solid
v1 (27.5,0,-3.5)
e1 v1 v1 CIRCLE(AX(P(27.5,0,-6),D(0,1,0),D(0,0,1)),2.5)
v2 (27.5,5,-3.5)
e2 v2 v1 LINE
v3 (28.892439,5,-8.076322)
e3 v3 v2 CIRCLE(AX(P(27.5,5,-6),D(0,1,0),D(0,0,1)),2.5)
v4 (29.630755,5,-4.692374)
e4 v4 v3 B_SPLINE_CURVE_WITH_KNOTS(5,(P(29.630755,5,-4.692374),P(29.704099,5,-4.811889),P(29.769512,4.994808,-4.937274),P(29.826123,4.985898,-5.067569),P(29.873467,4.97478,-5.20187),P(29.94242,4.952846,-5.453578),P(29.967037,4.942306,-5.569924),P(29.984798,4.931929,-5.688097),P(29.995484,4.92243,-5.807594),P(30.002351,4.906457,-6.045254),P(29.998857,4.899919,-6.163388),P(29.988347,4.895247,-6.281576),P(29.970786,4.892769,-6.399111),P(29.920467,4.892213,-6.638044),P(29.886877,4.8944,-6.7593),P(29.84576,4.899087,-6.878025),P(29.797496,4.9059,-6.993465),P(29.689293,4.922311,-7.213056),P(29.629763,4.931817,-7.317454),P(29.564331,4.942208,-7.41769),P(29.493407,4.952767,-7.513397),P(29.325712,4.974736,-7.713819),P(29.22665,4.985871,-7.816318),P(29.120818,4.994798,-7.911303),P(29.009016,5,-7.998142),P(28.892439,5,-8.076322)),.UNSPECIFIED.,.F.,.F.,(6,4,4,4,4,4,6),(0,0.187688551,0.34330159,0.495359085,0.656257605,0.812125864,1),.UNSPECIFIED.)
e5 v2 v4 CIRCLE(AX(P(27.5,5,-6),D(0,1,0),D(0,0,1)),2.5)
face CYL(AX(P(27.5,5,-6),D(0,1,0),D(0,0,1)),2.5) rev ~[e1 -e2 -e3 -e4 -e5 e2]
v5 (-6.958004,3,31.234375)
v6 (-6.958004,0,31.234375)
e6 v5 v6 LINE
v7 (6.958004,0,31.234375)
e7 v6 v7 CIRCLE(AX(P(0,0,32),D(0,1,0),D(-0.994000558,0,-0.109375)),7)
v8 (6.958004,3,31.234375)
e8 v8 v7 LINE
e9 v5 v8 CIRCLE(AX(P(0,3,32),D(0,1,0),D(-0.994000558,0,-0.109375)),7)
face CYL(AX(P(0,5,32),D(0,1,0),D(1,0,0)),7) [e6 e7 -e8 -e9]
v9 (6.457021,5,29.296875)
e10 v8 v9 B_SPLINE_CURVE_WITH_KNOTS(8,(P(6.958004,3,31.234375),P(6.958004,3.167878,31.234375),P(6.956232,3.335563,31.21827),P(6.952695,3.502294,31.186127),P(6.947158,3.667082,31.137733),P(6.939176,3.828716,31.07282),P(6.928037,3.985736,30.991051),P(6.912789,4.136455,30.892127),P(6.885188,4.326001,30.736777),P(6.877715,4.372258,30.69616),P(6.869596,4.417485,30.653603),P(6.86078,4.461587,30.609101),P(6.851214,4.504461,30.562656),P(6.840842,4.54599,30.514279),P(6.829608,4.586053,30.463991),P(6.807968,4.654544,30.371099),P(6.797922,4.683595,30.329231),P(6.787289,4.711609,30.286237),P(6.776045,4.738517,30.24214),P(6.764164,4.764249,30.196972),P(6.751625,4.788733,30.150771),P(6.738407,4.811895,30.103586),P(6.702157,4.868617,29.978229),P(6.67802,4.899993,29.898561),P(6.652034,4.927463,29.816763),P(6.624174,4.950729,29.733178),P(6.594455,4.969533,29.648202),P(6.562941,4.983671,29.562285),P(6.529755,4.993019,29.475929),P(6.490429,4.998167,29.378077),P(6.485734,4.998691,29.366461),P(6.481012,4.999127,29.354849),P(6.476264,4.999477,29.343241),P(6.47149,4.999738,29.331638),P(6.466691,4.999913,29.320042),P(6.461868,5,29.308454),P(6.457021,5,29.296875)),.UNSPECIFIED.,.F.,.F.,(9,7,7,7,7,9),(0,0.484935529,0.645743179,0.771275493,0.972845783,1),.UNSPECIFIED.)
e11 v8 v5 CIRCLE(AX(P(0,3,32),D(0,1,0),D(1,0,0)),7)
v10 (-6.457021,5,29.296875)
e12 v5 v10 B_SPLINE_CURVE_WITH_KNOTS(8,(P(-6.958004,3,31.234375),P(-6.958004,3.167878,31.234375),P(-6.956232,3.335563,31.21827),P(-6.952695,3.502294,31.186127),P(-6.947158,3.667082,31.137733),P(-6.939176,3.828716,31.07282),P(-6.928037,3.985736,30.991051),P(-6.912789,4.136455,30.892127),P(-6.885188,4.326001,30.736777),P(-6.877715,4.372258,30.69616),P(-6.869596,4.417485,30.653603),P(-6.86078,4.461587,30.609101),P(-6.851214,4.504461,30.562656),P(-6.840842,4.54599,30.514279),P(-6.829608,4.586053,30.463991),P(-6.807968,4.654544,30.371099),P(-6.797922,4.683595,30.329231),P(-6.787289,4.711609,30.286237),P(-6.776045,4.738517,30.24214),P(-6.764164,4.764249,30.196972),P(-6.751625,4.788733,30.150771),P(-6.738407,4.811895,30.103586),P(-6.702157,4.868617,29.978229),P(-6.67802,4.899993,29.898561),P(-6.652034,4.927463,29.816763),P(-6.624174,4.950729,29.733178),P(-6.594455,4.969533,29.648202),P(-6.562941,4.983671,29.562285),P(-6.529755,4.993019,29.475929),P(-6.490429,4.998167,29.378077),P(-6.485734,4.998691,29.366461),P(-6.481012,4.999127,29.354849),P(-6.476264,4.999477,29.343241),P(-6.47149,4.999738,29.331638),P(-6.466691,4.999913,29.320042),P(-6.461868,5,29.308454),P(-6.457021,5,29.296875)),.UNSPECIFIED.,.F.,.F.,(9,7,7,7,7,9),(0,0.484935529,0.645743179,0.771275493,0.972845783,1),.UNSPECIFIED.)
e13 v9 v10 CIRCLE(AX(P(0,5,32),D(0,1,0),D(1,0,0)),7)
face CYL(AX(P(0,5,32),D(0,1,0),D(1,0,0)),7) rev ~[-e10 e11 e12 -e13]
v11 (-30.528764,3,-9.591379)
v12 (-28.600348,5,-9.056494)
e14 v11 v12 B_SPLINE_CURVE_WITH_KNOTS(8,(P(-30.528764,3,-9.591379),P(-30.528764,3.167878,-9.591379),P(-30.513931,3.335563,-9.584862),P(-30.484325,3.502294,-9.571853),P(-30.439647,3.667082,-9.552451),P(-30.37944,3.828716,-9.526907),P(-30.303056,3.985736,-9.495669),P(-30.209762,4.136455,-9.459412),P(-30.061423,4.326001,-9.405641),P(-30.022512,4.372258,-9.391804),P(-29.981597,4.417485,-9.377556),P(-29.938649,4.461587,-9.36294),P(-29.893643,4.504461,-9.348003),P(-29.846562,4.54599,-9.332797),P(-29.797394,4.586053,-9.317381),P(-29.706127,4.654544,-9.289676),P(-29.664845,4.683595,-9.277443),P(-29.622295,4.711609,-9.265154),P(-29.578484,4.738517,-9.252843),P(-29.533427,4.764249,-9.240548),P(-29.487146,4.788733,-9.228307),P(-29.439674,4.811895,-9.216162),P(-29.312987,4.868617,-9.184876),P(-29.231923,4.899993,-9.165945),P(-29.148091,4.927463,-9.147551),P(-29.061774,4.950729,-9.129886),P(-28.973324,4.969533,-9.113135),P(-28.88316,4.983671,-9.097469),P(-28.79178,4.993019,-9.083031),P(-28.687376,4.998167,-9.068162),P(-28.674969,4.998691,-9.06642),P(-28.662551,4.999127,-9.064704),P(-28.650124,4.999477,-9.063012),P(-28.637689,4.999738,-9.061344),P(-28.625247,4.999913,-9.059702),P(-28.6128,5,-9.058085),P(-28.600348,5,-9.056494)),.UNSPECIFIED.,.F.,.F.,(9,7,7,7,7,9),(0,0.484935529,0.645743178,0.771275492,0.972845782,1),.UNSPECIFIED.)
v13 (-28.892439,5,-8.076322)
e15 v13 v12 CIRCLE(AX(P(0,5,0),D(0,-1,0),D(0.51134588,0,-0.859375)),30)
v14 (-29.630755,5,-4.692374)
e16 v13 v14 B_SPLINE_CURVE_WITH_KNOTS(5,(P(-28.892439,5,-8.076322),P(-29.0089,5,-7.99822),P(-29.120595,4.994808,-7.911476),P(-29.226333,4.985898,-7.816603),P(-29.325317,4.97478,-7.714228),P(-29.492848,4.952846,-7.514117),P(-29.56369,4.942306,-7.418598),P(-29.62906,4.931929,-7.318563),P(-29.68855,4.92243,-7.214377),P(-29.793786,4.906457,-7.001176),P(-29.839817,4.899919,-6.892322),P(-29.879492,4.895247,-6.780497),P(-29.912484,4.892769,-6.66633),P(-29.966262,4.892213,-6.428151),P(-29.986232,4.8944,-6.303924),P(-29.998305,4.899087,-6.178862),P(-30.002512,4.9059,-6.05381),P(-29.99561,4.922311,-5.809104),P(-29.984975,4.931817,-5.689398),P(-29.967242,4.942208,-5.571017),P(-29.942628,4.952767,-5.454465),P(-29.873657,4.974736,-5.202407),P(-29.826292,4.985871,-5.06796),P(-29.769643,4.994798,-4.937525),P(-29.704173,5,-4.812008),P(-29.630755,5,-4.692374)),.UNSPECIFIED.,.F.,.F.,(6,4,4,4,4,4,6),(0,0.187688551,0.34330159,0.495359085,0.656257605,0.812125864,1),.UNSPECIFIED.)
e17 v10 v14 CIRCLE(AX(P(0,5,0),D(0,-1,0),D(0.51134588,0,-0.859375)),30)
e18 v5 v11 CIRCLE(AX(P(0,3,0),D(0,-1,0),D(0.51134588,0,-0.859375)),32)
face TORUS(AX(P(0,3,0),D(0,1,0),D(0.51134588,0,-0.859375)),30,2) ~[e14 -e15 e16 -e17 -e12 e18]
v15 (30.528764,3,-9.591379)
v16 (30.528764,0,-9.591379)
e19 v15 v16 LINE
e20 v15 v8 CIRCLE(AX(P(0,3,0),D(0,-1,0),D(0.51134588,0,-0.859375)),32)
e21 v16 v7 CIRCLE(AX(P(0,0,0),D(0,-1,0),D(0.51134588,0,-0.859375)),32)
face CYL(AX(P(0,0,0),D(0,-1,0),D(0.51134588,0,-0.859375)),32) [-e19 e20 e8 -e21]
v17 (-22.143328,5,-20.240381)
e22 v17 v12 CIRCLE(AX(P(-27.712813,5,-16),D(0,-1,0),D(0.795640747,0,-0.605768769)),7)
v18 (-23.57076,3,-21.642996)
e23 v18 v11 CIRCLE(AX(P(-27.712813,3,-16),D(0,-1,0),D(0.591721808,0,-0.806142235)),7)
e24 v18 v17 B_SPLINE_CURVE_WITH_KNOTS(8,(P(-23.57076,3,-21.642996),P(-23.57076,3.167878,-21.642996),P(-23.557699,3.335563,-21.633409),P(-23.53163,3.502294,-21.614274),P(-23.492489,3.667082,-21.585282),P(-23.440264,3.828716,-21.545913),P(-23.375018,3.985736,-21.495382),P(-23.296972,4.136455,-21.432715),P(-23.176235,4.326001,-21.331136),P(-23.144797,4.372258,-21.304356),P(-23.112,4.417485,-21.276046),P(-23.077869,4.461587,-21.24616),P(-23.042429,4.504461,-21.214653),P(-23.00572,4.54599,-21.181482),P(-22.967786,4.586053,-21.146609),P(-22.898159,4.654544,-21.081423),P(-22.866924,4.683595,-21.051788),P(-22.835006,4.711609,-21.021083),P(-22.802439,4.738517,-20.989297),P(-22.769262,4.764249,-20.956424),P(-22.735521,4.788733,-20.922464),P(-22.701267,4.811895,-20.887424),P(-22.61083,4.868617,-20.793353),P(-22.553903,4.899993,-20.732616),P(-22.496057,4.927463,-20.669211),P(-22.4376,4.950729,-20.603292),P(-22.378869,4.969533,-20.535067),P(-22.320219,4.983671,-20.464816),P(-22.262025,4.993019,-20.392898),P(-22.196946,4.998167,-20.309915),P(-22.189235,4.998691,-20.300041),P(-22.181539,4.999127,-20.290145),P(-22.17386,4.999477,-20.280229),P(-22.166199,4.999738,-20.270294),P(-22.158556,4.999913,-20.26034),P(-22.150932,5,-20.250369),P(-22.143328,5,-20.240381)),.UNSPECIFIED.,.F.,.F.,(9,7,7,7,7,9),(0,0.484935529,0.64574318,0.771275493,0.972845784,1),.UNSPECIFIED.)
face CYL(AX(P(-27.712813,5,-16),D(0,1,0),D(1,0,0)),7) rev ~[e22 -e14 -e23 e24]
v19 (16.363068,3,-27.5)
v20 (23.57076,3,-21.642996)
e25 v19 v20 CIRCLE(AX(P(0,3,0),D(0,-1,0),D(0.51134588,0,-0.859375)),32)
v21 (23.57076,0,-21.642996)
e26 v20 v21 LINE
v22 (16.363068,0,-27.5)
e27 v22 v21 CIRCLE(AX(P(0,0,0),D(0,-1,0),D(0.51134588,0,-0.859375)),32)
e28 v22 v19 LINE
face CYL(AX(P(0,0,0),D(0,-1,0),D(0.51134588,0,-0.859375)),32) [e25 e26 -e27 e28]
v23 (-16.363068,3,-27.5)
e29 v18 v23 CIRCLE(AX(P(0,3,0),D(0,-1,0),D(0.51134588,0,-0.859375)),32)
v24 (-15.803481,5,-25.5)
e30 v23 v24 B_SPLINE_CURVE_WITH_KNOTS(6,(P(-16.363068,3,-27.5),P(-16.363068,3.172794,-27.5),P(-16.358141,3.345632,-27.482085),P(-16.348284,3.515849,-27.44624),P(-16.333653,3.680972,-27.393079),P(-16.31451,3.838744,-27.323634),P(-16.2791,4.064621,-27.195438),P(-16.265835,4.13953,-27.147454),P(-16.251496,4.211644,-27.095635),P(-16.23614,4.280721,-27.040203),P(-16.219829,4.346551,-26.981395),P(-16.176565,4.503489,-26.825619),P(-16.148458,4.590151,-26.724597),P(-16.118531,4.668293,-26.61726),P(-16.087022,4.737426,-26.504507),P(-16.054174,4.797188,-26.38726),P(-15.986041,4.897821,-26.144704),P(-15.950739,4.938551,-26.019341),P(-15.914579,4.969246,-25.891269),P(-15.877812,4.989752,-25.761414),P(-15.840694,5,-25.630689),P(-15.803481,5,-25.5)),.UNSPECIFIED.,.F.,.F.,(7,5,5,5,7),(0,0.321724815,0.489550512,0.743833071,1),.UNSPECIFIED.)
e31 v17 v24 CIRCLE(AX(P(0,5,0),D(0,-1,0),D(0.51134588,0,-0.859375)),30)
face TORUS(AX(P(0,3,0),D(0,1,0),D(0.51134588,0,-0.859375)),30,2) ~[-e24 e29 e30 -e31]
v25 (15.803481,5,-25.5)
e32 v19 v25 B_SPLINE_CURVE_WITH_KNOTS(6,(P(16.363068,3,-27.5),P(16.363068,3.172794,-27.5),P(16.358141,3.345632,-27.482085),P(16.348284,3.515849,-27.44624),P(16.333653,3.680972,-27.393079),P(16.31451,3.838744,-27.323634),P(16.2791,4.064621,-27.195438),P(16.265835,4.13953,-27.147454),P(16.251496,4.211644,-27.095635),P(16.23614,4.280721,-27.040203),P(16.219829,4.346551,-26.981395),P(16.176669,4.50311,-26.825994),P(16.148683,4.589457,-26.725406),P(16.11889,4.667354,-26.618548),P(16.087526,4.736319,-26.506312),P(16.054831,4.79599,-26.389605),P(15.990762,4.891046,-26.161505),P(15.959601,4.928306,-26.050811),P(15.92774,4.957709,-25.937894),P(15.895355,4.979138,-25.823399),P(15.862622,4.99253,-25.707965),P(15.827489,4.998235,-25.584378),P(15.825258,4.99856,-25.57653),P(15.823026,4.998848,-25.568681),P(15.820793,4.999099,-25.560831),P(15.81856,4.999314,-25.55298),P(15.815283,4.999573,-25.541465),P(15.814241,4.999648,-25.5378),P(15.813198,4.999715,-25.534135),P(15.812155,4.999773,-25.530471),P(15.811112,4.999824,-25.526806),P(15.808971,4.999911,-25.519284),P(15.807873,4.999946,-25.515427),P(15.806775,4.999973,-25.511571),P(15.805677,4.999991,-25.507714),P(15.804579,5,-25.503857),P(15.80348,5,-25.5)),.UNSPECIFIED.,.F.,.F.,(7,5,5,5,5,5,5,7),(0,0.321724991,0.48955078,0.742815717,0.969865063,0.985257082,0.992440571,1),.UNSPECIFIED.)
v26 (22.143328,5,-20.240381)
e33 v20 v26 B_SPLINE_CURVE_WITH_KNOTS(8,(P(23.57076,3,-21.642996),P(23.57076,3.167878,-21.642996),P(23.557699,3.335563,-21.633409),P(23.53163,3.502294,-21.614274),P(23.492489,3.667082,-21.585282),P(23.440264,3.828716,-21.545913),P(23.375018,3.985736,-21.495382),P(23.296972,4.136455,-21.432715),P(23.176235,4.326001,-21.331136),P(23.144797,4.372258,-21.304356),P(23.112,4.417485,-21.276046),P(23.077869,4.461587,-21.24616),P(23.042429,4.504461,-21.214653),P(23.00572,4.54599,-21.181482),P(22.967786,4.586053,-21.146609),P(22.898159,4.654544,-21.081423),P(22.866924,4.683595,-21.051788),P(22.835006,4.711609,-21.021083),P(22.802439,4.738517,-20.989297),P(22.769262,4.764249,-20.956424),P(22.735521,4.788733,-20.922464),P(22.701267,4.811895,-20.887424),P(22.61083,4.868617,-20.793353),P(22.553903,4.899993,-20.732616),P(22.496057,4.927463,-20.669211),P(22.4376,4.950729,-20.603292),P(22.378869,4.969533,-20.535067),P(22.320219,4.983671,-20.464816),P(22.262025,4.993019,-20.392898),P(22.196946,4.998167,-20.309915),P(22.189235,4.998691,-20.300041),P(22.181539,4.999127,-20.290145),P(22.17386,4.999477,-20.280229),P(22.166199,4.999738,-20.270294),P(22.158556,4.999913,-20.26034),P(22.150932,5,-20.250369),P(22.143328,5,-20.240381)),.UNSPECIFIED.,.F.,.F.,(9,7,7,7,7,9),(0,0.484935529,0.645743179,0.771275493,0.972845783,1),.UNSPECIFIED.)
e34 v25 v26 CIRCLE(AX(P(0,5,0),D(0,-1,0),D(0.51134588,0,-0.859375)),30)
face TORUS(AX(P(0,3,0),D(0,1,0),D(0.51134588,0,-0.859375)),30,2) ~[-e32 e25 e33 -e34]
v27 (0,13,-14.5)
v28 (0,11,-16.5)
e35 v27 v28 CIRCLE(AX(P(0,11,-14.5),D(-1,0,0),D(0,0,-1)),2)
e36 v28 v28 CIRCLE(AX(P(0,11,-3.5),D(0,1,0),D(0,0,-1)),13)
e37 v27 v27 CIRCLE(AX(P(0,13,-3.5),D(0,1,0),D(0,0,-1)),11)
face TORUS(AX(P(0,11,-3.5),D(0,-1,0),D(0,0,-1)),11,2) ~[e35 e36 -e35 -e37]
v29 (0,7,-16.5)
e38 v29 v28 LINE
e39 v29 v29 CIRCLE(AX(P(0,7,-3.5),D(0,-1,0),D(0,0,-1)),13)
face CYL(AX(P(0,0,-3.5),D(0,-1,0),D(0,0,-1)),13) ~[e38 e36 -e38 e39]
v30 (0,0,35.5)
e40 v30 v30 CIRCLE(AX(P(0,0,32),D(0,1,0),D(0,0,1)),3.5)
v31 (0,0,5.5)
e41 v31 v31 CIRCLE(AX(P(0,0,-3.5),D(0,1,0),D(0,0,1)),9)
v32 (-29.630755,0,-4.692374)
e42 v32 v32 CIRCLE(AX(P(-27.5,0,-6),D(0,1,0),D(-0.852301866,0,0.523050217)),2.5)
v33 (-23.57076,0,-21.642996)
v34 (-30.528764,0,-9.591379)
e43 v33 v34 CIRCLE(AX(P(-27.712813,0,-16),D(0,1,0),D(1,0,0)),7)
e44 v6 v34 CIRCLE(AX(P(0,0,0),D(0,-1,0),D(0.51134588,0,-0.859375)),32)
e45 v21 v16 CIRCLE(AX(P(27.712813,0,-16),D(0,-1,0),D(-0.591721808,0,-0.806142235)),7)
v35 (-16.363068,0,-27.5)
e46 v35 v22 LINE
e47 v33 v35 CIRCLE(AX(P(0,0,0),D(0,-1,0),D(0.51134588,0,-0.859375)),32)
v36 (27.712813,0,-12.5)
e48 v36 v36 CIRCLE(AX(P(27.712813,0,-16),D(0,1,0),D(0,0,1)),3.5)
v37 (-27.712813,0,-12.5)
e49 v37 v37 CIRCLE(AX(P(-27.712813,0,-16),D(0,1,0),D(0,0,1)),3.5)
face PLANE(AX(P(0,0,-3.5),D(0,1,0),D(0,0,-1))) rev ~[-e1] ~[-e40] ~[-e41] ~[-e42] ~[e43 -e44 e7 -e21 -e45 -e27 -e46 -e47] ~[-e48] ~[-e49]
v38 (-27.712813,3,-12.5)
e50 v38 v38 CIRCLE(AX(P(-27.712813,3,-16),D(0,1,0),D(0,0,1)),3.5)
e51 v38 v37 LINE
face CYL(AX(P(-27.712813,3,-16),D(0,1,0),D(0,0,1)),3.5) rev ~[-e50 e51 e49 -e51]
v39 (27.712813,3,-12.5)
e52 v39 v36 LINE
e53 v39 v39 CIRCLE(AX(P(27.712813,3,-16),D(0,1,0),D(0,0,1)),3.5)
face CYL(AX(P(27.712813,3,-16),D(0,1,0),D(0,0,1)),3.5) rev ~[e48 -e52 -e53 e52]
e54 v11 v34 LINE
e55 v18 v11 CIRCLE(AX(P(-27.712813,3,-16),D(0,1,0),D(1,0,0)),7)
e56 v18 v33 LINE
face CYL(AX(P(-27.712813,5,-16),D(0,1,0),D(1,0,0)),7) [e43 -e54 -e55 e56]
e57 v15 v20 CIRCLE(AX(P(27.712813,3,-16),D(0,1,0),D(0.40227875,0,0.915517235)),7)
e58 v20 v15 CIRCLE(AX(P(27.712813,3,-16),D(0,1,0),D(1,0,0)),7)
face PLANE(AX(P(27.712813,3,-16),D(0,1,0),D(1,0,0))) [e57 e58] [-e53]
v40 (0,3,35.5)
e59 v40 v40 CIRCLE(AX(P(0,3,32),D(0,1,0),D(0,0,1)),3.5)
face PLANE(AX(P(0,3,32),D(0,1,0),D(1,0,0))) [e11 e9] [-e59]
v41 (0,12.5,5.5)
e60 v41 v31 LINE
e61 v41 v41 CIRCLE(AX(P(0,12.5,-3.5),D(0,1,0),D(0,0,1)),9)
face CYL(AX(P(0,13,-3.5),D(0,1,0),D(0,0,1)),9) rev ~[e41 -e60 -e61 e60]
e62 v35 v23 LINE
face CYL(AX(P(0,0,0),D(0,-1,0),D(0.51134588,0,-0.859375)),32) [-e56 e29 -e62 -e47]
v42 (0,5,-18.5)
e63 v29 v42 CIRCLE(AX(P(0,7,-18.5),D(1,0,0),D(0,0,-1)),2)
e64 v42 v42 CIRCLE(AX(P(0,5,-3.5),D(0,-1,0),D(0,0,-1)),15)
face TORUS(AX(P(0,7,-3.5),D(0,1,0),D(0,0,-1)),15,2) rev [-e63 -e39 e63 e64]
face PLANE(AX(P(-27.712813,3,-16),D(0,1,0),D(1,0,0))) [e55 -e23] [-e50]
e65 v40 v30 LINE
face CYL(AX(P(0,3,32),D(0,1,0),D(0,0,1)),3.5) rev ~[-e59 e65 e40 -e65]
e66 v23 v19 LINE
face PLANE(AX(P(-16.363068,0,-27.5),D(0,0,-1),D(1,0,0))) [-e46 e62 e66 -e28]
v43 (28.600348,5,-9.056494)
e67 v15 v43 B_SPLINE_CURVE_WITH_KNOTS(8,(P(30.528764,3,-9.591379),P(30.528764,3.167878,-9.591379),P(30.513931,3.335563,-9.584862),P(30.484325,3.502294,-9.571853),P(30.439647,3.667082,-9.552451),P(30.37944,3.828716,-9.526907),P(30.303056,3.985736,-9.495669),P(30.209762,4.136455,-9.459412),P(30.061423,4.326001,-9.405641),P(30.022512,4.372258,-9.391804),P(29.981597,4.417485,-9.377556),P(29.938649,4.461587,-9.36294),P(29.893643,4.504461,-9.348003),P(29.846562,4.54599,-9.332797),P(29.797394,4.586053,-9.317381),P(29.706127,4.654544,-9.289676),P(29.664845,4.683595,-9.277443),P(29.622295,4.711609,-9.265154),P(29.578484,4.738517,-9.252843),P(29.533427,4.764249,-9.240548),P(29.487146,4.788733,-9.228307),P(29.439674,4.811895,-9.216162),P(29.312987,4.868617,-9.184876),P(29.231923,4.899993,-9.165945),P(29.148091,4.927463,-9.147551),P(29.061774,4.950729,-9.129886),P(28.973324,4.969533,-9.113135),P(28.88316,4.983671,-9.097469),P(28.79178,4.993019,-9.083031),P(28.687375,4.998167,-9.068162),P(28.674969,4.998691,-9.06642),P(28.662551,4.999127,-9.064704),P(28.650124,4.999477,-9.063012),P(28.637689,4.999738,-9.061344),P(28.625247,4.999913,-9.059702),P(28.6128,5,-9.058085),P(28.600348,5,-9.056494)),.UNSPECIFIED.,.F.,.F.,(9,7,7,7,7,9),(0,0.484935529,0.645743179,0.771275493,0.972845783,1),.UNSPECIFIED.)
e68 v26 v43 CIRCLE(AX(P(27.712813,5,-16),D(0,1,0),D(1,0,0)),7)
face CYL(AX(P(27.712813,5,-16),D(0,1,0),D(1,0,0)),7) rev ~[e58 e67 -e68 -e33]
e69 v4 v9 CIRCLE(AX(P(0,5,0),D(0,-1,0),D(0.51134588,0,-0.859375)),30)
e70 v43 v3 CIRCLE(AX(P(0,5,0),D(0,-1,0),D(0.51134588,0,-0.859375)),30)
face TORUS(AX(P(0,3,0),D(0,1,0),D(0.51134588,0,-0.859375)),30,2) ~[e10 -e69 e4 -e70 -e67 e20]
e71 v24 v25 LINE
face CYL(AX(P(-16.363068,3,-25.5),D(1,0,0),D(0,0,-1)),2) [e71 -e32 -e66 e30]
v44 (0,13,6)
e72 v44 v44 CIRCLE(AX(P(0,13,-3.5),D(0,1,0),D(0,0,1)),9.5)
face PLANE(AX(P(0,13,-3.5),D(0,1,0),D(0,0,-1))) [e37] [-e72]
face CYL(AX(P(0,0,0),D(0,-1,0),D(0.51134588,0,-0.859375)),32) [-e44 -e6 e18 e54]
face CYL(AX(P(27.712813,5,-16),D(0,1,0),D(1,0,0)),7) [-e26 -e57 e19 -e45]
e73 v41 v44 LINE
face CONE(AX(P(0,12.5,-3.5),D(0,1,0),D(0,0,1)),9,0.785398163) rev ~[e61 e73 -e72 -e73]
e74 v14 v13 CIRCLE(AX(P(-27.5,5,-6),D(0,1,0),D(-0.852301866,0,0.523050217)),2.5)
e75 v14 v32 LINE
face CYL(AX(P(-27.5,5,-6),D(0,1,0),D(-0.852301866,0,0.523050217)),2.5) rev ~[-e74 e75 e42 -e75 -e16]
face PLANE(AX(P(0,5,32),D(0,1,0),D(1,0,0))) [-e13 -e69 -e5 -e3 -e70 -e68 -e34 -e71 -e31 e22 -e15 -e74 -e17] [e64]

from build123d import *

# Parameters (mm, degrees)
EXTRUDE_1_DEPTH     = 5
FILLET_2_R          = 2
SKETCH_2_R          = 7
EXTRUDE_2_DEPTH     = 5
SKETCH_2_2_R        = 7
CUT_EXTRUDE_1_DEPTH = 2
SKETCH_3_R          = 3.5
CUT_EXTRUDE_2_DEPTH = 53.297030326
SKETCH_4_R          = 13
EXTRUDE_3_DEPTH     = 13
SKETCH_5_R          = 9
CUT_EXTRUDE_3_DEPTH = 54.8050126
SKETCH_6_R          = 2.5
CUT_EXTRUDE_4_DEPTH = 53.820255404
CHAMFER_1_SIZE      = 0.5
FILLET_1_R          = 2


with BuildPart() as part:
    # 草图1 → 凸台-拉伸1 (new body)
    with BuildSketch(Plane(origin=(0, 0, 0), x_dir=(1, 0, 0), z_dir=(0, 1, 0))):
        with BuildLine():
            Line((-16.363068172, 27.5), (16.363068172, 27.5))
            ThreePointArc((16.363068172, 27.5), (0, -32), (-16.363068172, 27.5))
        make_face()
    extrude(amount=EXTRUDE_1_DEPTH)

    # 圆角2
    fillet_2_edges = [part.edges().sort_by_distance(p)[0] for p in [
        (0, 5, 32),
        (0, 5, -27.5),
    ]]
    fillet(fillet_2_edges, radius=FILLET_2_R)

    # 草图2 → 凸台-拉伸2 (add)
    with BuildSketch(Plane(origin=(0, 5, 0), x_dir=(1, 0, 0), z_dir=(0, 1, 0))):
        with Locations((0, -32)):
            Circle(SKETCH_2_R)
        with Locations((-27.712812921, 16)):
            Circle(SKETCH_2_R)
        with Locations((27.712812921, 16)):
            Circle(SKETCH_2_R)
    extrude(amount=-EXTRUDE_2_DEPTH)

    # 草图2<2> → 切除-拉伸1 (cut)
    with BuildSketch(Plane(origin=(0, 5, 0), x_dir=(1, 0, 0), z_dir=(0, 1, 0))):
        with Locations((0, -32)):
            Circle(SKETCH_2_2_R)
        with Locations((-27.712812921, 16)):
            Circle(SKETCH_2_2_R)
        with Locations((27.712812921, 16)):
            Circle(SKETCH_2_2_R)
    extrude(amount=-CUT_EXTRUDE_1_DEPTH, mode=Mode.SUBTRACT)

    # 草图3 → 切除-拉伸2 (cut, through all)
    with BuildSketch(Plane(origin=(0, 3, 0), x_dir=(1, 0, 0), z_dir=(0, 1, 0))):
        with Locations((0, -32)):
            Circle(SKETCH_3_R)
        with Locations((-27.712812921, 16)):
            Circle(SKETCH_3_R)
        with Locations((27.712812921, 16)):
            Circle(SKETCH_3_R)
    extrude(amount=-CUT_EXTRUDE_2_DEPTH, mode=Mode.SUBTRACT)

    # 草图4 → 凸台-拉伸3 (add)
    with BuildSketch(Plane(origin=(0, 0, 0), x_dir=(1, 0, 0), z_dir=(0, 1, 0))):
        with Locations((0, 3.5)):
            Circle(SKETCH_4_R)
    extrude(amount=EXTRUDE_3_DEPTH)

    # 草图5 → 切除-拉伸3 (cut, through all)
    with BuildSketch(Plane(origin=(0, 13, 0), x_dir=(1, 0, 0), z_dir=(0, 1, 0))):
        with Locations((0, 3.5)):
            Circle(SKETCH_5_R)
    extrude(amount=-CUT_EXTRUDE_3_DEPTH, mode=Mode.SUBTRACT)

    # 草图6 → 切除-拉伸4 (cut, through all)
    with BuildSketch(Plane(origin=(0, 5, 0), x_dir=(1, 0, 0), z_dir=(0, 1, 0))):
        with Locations((27.5, 6)):
            Circle(SKETCH_6_R)
        with Locations((-27.5, 6)):
            Circle(SKETCH_6_R)
    extrude(amount=-CUT_EXTRUDE_4_DEPTH, mode=Mode.SUBTRACT)

    # 倒角1
    chamfer_1_edges = [part.edges().sort_by_distance(p)[0] for p in [
        (-9, 13, -3.5),
    ]]
    chamfer(chamfer_1_edges, length=CHAMFER_1_SIZE)

    # 圆角1
    fillet_1_edges = [part.edges().sort_by_distance(p)[0] for p in [
        (-13, 5, -3.5),
        (-13, 13, -3.5),
    ]]
    fillet(fillet_1_edges, radius=FILLET_1_R)


solid = part.part
